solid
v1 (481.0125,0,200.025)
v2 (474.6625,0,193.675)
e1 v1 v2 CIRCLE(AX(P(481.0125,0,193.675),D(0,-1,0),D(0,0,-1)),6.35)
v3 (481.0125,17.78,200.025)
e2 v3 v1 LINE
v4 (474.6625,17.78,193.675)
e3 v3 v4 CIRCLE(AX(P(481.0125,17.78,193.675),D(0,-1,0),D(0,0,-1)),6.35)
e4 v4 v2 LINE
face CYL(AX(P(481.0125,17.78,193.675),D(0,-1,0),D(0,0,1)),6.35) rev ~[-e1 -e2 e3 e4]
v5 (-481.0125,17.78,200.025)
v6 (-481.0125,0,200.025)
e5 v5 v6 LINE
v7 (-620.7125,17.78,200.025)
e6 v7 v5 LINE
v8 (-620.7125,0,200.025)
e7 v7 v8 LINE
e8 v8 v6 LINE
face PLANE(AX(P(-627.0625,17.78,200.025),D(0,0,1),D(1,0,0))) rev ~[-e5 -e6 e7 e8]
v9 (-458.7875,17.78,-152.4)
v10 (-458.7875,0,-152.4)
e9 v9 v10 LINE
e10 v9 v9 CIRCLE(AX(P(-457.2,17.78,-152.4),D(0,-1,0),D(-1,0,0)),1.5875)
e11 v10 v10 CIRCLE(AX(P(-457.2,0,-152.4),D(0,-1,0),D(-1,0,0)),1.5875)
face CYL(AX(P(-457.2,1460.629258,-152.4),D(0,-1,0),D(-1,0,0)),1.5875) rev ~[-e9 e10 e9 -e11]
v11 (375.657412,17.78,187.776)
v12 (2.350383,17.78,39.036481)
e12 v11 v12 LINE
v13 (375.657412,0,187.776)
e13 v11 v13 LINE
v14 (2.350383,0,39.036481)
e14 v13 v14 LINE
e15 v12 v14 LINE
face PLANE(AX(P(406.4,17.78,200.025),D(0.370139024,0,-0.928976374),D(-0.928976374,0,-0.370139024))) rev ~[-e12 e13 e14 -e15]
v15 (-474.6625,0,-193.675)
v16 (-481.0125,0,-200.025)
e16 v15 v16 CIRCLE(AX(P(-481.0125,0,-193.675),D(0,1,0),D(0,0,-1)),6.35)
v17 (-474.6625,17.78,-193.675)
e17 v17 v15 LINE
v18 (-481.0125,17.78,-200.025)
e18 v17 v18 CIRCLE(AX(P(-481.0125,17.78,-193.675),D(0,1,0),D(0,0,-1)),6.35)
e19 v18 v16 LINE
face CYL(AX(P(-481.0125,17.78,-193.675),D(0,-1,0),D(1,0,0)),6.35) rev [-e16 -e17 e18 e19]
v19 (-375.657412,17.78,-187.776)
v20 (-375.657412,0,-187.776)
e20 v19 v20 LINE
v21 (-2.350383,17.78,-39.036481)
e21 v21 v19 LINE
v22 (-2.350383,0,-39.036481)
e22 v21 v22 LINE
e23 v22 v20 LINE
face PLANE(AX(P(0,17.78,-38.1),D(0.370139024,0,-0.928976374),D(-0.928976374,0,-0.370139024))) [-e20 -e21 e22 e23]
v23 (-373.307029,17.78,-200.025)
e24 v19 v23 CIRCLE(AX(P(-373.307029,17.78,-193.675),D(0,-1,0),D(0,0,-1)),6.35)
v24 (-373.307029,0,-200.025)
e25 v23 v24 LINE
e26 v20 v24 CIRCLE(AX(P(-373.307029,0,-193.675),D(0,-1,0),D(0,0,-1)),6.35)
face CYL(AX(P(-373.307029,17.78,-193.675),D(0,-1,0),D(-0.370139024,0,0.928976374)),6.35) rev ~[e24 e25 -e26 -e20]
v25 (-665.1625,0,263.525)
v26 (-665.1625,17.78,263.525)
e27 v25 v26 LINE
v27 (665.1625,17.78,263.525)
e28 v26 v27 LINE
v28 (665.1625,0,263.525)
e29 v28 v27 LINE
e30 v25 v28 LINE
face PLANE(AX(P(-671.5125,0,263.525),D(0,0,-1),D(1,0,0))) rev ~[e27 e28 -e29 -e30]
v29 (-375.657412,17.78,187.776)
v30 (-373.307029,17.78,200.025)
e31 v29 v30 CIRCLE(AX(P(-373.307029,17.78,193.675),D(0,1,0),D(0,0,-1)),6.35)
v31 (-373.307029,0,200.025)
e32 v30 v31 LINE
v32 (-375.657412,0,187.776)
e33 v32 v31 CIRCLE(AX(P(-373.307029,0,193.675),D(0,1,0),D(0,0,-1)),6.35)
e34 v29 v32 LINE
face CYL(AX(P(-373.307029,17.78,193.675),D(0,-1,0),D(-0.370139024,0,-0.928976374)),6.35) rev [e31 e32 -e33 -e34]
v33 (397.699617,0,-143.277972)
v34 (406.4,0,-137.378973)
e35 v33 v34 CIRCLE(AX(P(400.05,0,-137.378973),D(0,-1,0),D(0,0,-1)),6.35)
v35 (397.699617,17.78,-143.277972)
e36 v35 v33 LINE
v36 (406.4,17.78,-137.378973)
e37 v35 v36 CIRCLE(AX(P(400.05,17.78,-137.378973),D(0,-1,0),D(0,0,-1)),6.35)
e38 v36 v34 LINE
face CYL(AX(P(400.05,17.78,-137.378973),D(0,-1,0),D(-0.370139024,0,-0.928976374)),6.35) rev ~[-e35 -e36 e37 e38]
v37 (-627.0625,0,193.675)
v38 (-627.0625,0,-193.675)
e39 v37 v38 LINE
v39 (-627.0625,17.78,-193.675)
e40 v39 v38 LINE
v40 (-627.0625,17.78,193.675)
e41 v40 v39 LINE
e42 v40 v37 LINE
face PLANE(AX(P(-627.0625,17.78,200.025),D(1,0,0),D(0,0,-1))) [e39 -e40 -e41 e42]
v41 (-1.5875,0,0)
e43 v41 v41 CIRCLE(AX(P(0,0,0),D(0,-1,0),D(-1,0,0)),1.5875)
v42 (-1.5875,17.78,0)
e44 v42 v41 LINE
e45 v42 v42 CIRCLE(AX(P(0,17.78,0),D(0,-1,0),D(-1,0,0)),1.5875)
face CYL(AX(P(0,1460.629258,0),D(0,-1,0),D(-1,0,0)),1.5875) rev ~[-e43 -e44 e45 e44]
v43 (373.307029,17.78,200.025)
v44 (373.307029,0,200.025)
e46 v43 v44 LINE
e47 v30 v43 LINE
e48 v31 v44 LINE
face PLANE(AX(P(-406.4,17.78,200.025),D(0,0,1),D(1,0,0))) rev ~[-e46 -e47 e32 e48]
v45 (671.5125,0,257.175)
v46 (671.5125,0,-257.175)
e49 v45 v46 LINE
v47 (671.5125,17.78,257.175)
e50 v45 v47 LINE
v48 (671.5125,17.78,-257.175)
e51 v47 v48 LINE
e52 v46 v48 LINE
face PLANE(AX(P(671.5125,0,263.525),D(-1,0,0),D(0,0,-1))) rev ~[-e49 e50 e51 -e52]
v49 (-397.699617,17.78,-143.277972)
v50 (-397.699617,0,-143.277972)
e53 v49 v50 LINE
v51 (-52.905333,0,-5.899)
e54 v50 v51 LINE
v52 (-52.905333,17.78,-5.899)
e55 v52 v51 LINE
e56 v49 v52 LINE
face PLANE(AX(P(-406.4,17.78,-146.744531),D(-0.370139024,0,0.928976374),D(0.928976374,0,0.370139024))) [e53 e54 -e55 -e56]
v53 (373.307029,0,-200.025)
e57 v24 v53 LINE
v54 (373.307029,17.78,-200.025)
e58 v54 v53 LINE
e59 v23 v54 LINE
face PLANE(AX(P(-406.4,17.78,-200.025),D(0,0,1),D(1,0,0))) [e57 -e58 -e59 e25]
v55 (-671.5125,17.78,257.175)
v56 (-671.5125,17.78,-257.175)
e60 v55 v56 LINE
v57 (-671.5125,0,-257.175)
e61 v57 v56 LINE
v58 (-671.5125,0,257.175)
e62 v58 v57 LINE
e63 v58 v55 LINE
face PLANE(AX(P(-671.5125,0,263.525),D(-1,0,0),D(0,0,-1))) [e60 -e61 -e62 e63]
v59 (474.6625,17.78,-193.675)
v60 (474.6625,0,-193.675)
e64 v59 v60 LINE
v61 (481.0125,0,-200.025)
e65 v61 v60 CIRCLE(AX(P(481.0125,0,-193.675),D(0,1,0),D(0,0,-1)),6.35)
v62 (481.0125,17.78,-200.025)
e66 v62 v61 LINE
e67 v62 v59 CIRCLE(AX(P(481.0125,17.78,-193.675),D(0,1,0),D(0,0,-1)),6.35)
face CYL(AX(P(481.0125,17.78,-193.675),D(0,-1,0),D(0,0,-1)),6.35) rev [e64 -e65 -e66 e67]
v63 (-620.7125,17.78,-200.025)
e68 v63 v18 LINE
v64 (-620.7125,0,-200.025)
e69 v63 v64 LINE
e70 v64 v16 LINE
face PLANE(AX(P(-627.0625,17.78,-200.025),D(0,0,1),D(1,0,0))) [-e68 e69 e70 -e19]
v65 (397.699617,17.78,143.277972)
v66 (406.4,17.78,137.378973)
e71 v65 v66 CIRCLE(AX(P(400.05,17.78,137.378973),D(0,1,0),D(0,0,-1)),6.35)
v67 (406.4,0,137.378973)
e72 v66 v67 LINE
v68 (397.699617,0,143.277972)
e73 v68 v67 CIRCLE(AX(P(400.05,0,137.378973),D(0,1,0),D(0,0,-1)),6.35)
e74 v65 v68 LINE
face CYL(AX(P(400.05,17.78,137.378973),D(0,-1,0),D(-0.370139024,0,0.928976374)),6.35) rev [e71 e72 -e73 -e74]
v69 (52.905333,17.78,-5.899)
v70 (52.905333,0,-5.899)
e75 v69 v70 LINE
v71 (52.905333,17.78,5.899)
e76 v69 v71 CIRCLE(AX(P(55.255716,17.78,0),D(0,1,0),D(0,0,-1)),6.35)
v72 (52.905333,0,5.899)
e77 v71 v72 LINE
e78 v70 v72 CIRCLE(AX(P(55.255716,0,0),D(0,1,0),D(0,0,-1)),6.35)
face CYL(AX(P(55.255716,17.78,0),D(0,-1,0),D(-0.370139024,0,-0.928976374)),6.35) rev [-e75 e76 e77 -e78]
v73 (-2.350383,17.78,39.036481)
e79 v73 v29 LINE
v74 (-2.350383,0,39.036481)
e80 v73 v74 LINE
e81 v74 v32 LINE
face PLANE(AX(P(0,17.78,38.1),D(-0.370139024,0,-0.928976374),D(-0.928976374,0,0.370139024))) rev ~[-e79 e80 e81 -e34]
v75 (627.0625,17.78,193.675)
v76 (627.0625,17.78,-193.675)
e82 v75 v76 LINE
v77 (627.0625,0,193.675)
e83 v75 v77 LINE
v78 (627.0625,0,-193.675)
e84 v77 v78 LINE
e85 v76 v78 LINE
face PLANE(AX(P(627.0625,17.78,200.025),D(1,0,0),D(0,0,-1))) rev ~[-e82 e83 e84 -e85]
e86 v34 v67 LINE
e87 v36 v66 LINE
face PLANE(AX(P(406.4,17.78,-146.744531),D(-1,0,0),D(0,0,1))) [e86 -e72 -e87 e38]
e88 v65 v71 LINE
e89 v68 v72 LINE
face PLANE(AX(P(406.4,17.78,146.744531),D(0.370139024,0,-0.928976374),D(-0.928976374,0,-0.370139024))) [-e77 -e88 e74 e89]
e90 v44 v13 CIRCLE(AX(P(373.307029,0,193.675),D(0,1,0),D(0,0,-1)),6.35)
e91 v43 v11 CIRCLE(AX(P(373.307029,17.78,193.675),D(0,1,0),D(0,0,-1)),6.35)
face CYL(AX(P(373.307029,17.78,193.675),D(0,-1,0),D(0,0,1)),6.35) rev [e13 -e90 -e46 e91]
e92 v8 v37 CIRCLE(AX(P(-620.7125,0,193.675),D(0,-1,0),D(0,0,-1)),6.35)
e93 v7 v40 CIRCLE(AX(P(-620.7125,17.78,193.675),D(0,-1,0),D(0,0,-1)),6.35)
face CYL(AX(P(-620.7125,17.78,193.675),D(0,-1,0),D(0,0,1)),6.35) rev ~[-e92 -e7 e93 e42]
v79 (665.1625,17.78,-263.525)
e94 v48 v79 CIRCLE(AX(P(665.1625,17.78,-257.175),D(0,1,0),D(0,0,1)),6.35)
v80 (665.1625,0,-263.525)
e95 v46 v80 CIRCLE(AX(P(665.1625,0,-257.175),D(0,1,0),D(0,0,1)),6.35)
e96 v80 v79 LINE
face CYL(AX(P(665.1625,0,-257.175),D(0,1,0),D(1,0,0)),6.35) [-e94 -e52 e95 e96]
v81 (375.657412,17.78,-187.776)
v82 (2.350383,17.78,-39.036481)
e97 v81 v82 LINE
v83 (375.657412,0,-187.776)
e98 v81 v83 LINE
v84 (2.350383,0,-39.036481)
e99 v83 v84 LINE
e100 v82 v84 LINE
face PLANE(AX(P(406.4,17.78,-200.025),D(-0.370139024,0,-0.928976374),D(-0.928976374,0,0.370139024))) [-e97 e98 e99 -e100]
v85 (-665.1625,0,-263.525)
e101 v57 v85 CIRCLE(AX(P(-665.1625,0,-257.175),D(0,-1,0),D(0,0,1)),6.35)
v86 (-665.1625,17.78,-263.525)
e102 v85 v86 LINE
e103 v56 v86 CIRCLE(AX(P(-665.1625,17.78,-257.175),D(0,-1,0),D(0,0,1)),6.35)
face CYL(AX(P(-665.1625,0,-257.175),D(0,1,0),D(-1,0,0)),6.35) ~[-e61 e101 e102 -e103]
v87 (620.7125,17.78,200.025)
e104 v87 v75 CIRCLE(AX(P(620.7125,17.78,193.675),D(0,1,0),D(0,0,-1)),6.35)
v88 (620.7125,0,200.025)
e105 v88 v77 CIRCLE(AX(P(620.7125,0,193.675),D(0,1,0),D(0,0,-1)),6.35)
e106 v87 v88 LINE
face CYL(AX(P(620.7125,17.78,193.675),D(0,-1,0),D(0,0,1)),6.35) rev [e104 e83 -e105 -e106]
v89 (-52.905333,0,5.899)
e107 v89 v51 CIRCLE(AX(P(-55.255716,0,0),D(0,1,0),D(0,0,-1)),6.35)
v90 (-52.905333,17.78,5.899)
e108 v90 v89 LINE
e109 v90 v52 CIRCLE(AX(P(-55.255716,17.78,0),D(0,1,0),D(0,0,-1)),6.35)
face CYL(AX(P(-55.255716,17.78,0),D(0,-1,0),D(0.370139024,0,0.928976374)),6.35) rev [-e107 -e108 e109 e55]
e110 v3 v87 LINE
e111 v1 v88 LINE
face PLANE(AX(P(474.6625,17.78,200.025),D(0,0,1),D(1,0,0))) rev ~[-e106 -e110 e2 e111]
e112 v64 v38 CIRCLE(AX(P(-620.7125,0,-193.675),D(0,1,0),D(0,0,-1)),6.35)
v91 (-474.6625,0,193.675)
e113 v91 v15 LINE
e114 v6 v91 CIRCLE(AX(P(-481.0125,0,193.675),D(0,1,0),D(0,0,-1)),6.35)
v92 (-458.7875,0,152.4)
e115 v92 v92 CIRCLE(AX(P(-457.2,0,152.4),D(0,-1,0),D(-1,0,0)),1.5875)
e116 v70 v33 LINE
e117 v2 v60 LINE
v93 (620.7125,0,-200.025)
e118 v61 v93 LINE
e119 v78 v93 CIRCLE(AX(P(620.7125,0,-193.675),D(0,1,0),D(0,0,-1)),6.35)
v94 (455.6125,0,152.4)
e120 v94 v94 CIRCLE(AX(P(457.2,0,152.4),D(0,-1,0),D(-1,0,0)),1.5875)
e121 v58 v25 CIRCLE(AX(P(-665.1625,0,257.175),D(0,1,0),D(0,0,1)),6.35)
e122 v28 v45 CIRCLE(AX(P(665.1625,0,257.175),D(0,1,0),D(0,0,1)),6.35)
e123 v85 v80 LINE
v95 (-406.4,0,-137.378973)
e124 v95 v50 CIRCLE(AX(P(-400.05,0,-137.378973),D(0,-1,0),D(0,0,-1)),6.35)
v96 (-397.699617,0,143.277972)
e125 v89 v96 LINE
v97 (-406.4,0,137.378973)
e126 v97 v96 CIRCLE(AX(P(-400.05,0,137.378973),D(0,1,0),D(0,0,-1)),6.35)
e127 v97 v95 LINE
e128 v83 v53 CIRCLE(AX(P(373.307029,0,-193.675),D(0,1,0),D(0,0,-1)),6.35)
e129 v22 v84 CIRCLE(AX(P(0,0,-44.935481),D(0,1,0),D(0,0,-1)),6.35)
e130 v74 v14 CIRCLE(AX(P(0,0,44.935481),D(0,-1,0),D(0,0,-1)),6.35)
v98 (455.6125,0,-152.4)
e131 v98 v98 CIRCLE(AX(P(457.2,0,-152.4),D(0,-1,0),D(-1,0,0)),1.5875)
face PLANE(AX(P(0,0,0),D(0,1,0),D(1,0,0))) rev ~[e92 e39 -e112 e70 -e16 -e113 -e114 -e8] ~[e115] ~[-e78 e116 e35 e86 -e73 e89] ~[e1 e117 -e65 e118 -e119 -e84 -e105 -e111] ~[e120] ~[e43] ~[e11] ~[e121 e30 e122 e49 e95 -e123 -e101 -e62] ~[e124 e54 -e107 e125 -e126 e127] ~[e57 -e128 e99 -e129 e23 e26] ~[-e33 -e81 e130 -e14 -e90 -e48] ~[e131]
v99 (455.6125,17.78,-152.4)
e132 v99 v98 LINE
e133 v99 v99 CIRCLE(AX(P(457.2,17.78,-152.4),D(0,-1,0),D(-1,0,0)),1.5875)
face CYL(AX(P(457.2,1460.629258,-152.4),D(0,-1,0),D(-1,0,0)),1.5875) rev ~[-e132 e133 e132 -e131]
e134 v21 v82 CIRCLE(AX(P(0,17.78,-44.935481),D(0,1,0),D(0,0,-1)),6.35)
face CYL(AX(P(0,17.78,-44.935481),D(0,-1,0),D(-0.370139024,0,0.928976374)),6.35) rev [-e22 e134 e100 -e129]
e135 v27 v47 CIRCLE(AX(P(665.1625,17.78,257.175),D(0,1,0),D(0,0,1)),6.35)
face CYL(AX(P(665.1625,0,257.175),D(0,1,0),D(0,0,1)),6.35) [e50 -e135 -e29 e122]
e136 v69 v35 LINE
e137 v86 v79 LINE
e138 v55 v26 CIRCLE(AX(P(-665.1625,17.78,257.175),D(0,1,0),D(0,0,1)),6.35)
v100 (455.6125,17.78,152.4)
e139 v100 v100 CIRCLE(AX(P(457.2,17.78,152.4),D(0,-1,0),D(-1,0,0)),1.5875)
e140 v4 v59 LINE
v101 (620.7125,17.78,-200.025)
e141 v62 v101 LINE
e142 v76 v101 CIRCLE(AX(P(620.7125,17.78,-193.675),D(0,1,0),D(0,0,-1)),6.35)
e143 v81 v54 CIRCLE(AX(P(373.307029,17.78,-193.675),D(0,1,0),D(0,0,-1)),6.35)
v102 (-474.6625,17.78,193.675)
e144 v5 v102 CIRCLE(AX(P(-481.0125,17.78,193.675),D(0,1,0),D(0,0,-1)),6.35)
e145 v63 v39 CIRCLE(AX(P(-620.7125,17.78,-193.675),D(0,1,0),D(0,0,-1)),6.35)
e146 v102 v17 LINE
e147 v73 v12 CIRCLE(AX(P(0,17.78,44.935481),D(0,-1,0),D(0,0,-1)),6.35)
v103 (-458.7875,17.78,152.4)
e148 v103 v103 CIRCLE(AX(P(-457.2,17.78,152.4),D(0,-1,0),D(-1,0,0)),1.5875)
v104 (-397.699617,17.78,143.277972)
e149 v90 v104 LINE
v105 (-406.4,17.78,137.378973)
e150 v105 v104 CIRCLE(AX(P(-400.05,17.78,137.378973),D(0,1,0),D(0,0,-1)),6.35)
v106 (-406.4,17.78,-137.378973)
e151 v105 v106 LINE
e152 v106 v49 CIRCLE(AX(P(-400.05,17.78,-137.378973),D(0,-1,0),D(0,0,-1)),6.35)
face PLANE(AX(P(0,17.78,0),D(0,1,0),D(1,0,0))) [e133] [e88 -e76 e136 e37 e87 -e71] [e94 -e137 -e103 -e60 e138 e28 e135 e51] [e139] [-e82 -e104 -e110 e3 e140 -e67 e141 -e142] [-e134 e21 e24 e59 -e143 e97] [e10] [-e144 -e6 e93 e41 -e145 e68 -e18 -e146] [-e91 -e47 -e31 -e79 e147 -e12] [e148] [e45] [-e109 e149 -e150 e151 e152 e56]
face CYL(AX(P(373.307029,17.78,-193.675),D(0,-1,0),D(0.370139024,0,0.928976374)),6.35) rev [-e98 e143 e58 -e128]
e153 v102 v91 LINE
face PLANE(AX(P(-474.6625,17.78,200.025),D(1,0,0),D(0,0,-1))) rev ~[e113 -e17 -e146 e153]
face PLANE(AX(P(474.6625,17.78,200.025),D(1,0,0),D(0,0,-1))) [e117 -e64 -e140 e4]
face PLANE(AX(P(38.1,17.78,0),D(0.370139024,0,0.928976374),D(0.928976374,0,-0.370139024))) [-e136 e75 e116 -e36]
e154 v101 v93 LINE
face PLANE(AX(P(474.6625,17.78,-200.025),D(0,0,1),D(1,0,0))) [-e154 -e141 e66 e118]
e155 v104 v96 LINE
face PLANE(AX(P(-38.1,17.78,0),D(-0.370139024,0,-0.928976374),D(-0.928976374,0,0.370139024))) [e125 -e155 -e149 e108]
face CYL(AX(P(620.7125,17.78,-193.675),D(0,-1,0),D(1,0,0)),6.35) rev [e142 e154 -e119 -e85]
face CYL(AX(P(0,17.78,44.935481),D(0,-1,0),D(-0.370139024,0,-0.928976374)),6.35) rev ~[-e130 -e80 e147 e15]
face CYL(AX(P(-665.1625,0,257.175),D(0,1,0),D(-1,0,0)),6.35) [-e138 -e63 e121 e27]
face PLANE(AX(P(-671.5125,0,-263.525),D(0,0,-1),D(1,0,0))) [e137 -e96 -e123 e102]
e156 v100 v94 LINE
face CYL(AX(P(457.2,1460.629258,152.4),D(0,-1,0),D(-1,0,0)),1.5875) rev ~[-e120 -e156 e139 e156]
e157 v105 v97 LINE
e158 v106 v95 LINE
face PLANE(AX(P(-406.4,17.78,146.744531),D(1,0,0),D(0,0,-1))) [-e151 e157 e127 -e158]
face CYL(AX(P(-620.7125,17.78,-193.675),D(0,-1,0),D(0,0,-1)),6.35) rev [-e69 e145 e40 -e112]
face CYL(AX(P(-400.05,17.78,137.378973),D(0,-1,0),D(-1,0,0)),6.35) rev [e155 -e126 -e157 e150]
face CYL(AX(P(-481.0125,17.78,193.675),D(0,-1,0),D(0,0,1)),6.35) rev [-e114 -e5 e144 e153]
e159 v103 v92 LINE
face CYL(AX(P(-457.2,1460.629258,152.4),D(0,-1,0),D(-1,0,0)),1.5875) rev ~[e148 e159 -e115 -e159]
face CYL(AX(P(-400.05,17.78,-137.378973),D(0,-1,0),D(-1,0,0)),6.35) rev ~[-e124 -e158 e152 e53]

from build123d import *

# Parameters (mm, degrees)
SKETCH1_W                    = 1343.025
SKETCH1_H                    = 527.05
BOSS_EXTRUDE1_DEPTH          = 17.78
FILLET1_R                    = 6.35
F_1_8_0_125_DIAMETER_HOLE1_D = 3.175
SKETCH5_W                    = 152.4
SKETCH5_H                    = 400.05
CUT_EXTRUDE1_DEPTH           = 18.78
FILLET2_R                    = 6.35


with BuildPart() as part:
    # Sketch1 → Boss-Extrude1 (new body)
    with BuildSketch(Plane(origin=(0, 0, 0), x_dir=(1, 0, 0), z_dir=(0, 1, 0))):
        Rectangle(SKETCH1_W, SKETCH1_H)
    extrude(amount=BOSS_EXTRUDE1_DEPTH)

    # Fillet1
    fillet1_edges = [part.edges().sort_by_distance(p)[0] for p in [
        (671.5125, 8.89, 263.525),
        (-671.5125, 8.89, 263.525),
        (-671.5125, 8.89, -263.525),
        (671.5125, 8.89, -263.525),
    ]]
    fillet(fillet1_edges, radius=FILLET1_R)

    # 1/8 (0.125) Diameter Hole1 (through all)
    with Locations(Plane(origin=(0, 17.78, 0), x_dir=(1, 0, 0), z_dir=(0, 1, 0))):
        with Locations((0, 0), (457.2, 152.4), (-457.2, -152.4), (-457.2, 152.4), (457.2, -152.4)):
            Hole(F_1_8_0_125_DIAMETER_HOLE1_D / 2)

    # Sketch5 → Cut-Extrude1 (cut, through all)
    with BuildSketch(Plane(origin=(0, 17.78, 0), x_dir=(1, 0, 0), z_dir=(0, 1, 0))):
        Polygon((-406.4, 200.025), (406.4, 200.025), (0, 38.1), align=None)
        Polygon((0, -38.1), (-406.4, -200.025), (406.4, -200.025), align=None)
        Polygon((406.4, 146.74453125), (406.4, -146.74453125), (38.1, 0), align=None)
        Polygon((-406.4, 146.74453125), (-38.1, 0), (-406.4, -146.74453125), align=None)
        with Locations((550.8625, 0)):
            Rectangle(SKETCH5_W, SKETCH5_H)
        with Locations((-550.8625, 0)):
            Rectangle(SKETCH5_W, SKETCH5_H)
    extrude(amount=-CUT_EXTRUDE1_DEPTH, mode=Mode.SUBTRACT)

    # Fillet2
    fillet2_edges = [part.edges().sort_by_distance(p)[0] for p in [
        (-474.6625, 8.89, -200.025),
        (-474.6625, 8.89, 200.025),
        (-627.0625, 8.89, 200.025),
        (-627.0625, 8.89, -200.025),
        (-406.4, 8.89, 146.74453125),
        (-406.4, 8.89, -146.74453125),
        (-38.1, 8.89, 0),
        (627.0625, 8.89, -200.025),
        (627.0625, 8.89, 200.025),
        (474.6625, 8.89, 200.025),
        (474.6625, 8.89, -200.025),
        (0, 8.89, 38.1),
        (406.4, 8.89, 200.025),
        (-406.4, 8.89, 200.025),
        (38.1, 8.89, 0),
        (406.4, 8.89, -146.74453125),
        (406.4, 8.89, 146.74453125),
        (406.4, 8.89, -200.025),
        (0, 8.89, -38.1),
        (-406.4, 8.89, -200.025),
    ]]
    fillet(fillet2_edges, radius=FILLET2_R)


solid = part.part
